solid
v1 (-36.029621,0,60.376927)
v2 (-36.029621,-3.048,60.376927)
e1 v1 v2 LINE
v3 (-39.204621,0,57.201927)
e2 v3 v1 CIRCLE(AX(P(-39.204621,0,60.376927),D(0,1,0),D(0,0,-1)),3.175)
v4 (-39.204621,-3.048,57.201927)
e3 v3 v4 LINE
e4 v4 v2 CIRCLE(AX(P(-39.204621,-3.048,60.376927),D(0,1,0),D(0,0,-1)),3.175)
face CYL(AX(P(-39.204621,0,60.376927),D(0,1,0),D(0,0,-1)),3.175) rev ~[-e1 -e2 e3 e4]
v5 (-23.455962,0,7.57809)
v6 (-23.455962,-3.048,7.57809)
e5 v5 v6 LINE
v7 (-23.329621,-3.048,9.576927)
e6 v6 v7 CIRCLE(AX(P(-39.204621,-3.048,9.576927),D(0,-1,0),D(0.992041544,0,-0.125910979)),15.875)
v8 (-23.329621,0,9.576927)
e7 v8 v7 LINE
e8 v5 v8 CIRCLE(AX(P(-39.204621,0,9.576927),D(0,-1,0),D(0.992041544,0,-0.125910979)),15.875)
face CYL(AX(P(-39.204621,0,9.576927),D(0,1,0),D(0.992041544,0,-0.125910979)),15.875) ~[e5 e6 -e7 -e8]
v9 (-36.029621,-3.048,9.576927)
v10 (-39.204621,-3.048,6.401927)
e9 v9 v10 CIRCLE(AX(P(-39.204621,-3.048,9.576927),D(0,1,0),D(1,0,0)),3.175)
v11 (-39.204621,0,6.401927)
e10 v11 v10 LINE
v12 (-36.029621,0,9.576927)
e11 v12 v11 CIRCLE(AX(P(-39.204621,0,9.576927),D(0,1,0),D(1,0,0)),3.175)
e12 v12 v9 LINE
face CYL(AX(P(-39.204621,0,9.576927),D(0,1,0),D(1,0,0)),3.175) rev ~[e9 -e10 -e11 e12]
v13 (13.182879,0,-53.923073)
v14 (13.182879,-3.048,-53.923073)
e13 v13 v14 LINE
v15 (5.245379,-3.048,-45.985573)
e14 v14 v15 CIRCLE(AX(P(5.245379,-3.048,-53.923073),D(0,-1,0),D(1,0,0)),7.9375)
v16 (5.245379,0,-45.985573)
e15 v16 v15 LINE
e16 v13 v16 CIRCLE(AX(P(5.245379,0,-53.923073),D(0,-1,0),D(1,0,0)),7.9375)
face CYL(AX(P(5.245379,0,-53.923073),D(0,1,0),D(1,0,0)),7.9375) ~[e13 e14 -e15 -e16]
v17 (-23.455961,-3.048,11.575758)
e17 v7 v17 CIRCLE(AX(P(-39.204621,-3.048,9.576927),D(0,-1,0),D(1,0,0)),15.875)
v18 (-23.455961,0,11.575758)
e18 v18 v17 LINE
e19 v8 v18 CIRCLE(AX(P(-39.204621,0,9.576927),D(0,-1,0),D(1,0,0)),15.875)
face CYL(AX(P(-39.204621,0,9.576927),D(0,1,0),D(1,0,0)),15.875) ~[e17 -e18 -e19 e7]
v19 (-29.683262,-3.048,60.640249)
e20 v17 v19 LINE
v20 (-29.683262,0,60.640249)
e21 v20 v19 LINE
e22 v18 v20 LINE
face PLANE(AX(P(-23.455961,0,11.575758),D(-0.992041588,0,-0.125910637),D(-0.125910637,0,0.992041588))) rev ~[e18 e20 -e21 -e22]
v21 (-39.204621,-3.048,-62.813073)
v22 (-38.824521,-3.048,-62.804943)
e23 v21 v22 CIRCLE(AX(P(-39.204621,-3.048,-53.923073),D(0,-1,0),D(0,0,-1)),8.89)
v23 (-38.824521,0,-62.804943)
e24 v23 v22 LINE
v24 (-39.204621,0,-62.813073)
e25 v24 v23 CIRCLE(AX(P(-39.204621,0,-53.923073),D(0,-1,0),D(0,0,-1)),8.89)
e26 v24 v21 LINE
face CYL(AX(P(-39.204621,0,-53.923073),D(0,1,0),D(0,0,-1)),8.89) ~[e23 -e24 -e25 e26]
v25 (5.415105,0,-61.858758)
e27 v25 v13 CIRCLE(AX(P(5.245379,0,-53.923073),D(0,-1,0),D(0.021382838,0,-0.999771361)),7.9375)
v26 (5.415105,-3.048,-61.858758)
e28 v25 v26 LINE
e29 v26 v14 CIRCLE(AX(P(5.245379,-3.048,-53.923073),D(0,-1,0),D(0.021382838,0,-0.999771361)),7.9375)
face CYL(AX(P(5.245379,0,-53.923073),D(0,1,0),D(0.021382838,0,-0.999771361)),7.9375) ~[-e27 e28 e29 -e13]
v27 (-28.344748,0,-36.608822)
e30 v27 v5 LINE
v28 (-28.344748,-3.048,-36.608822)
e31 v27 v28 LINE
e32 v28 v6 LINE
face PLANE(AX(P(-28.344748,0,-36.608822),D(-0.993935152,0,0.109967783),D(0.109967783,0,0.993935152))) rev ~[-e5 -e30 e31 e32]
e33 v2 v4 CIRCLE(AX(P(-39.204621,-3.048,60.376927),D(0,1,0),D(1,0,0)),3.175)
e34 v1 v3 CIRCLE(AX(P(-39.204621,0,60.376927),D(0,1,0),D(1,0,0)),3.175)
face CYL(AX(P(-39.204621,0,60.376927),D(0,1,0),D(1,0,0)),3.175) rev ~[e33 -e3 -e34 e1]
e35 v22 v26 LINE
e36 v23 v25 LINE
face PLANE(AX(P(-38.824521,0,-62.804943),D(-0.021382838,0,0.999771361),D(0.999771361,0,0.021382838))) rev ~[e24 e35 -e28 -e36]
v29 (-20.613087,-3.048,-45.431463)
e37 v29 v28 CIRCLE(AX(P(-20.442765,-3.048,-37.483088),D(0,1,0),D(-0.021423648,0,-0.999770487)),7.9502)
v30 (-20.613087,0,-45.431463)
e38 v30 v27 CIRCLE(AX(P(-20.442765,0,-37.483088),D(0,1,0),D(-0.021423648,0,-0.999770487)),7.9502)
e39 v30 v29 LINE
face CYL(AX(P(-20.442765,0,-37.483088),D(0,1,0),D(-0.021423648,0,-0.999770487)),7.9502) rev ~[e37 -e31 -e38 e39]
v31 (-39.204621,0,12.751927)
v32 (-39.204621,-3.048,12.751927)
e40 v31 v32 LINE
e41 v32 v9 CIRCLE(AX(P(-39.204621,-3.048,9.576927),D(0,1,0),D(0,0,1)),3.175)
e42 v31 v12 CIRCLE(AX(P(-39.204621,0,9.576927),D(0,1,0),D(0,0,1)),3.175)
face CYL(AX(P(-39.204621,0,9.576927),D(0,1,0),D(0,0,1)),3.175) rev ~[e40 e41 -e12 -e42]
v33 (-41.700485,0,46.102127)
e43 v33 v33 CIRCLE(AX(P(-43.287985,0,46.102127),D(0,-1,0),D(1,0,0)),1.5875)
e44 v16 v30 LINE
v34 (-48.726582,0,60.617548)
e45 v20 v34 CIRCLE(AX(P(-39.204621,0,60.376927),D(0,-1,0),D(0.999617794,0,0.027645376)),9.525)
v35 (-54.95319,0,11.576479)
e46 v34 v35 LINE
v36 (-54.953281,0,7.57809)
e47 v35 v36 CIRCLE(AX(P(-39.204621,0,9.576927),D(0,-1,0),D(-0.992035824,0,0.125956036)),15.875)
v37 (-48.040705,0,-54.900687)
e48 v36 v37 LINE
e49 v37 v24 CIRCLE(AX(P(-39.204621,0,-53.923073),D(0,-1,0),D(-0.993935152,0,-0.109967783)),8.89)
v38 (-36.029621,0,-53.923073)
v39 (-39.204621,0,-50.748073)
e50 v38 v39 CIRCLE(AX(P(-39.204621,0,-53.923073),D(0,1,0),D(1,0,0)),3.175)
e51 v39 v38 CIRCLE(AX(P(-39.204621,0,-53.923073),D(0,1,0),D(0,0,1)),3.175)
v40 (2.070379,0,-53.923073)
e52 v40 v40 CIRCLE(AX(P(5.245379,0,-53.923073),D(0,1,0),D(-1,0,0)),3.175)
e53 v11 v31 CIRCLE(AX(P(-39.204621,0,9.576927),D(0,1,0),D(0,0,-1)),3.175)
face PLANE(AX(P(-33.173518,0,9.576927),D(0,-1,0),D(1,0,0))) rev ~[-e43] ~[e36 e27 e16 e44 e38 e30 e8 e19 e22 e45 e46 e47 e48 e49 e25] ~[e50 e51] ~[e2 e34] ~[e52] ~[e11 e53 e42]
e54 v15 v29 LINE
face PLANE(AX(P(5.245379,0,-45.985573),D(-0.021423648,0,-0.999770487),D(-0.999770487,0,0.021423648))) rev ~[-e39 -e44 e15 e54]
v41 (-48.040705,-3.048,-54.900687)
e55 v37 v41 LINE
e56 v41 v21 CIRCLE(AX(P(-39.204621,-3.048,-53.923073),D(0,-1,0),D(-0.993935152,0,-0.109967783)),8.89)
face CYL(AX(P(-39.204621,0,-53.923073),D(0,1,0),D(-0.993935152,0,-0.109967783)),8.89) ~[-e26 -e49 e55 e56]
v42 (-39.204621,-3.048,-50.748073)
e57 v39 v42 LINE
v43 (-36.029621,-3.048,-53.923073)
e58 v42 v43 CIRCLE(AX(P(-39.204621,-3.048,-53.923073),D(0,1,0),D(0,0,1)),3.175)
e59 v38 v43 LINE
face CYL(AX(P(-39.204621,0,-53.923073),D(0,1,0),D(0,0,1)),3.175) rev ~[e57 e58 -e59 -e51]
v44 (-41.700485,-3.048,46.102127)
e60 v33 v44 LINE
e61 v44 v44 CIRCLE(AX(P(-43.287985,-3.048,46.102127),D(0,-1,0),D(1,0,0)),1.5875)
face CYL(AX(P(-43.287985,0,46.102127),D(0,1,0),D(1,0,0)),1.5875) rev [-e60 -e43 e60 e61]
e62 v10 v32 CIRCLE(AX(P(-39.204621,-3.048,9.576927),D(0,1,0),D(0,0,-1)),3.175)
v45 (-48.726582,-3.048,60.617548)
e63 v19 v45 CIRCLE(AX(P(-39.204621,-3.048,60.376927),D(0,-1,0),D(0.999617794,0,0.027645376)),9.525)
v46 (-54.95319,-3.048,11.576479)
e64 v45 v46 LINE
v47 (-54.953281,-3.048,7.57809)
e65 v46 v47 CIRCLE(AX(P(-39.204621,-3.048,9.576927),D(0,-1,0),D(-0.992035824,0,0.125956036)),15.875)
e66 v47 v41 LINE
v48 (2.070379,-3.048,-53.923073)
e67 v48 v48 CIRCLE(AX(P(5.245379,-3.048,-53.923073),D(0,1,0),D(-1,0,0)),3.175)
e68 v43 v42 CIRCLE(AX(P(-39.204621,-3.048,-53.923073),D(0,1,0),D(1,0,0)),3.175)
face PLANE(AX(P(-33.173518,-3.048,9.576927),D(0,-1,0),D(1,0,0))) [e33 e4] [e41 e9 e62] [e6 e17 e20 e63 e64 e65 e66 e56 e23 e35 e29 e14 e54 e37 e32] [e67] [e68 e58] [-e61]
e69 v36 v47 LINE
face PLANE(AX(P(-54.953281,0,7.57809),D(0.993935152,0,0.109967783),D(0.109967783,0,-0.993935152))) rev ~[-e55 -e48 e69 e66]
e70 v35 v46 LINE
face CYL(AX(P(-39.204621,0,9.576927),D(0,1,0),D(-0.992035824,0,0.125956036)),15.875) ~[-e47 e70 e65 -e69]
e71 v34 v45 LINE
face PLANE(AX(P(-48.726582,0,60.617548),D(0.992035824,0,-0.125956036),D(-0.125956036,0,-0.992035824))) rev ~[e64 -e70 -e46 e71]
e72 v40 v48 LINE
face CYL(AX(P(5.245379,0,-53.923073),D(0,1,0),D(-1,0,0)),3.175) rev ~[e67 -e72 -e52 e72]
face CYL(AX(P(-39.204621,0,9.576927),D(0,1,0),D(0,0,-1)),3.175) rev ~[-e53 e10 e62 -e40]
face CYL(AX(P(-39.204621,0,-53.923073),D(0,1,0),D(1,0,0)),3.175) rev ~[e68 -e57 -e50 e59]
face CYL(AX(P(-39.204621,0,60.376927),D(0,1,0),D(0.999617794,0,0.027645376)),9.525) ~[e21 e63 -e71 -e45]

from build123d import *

# Parameters (mm, degrees)
F0_R     = 1.5875
F1_DEPTH = 3.048


with BuildPart() as f1:
    # F0 (on Front) → F1 (new body)
    with BuildSketch(Plane.XZ):
        with BuildLine():
            ThreePointArc((-36.0296212806, 9.5769268066), (-36.9595572504, 7.3318627763), (-39.2046212806, 6.4019268066))
            Line((-39.2046212806, 6.4019268066), (-39.2046212806, -6.2980731934))
            ThreePointArc((-39.2046212806, -6.2980731934), (-28.7097632336, -2.3341428168), (-23.4559617675, 7.57809001))
            ThreePointArc((-23.4559617675, 7.57809001), (-23.3612378861, 8.5755139973), (-23.3296212806, 9.5769268066))
            ThreePointArc((-23.3296212806, 9.5769268066), (-23.3612377133, 10.5783368816), (-23.4559610776, 11.5757581675))
            ThreePointArc((-23.4559610776, 11.5757581675), (-28.7097611781, 21.4879946188), (-39.2046212806, 25.4519268066))
            Line((-39.2046212806, 25.4519268066), (-39.2046212806, 12.7519268066))
            ThreePointArc((-39.2046212806, 12.7519268066), (-36.9595572504, 11.8219908368), (-36.0296212806, 9.5769268066))
        make_face()
        with BuildLine():
            Line((-39.2046212806, -6.2980731934), (-39.2046212806, 6.4019268066))
            ThreePointArc((-39.2046212806, 6.4019268066), (-42.3796212806, 9.5769268066), (-39.2046212806, 12.7519268066))
            Line((-39.2046212806, 12.7519268066), (-39.2046212806, 25.4519268066))
            ThreePointArc((-39.2046212806, 25.4519268066), (-49.699208832, 21.4882347585), (-54.9531899929, 11.5764788854))
            ThreePointArc((-54.9531899929, 11.5764788854), (-55.0796212766, 9.5772873178), (-54.9532807938, 7.57809001))
            ThreePointArc((-54.9532807938, 7.57809001), (-49.6994793277, -2.3341428168), (-39.2046212806, -6.2980731934))
        make_face()
        with BuildLine():
            ThreePointArc((-23.4559617675, 7.57809001), (-28.7097632336, -2.3341428168), (-39.2046212806, -6.2980731934))
            Line((-39.2046212806, -6.2980731934), (-39.2046212806, -45.0330734444))
            ThreePointArc((-39.2046212806, -45.0330734444), (-32.9184421733, -47.6368940861), (-30.3146215316, -53.9230731934))
            Line((-30.3146215316, -53.9230731934), (-2.6921212806, -53.9230731934))
            ThreePointArc((-2.6921212806, -53.9230731934), (-0.3672813563, -48.3104131178), (5.2453787194, -45.9855731934))
            Line((5.2453787194, -45.9855731934), (-20.6130872987, -45.4314633533))
            ThreePointArc((-20.6130872987, -45.4314633533), (-26.4219186802, -42.7228782392), (-28.3447482622, -36.6088221602))
            Line((-28.3447482622, -36.6088221602), (-23.4559617675, 7.57809001))
        make_face()
        with BuildLine():
            Line((-39.2046212806, -45.0330734444), (-39.2046212806, -6.2980731934))
            ThreePointArc((-39.2046212806, -6.2980731934), (-49.6994793277, -2.3341428168), (-54.9532807938, 7.57809001))
            Line((-54.9532807938, 7.57809001), (-48.0407045344, -54.9006867526))
            ThreePointArc((-48.0407045344, -54.9006867526), (-45.8274258163, -47.9925963474), (-39.2046212806, -45.0330734444))
        make_face()
        with BuildLine():
            Line((-39.2046212806, 50.8519268066), (-39.2046212806, 25.4519268066))
            ThreePointArc((-39.2046212806, 25.4519268066), (-28.7097611781, 21.4879946188), (-23.4559610776, 11.5757581675))
            Line((-23.4559610776, 11.5757581675), (-29.6832617971, 60.6402490134))
            ThreePointArc((-29.6832617971, 60.6402490134), (-29.6805314532, 60.5086004922), (-29.6796212806, 60.3769268066))
            ThreePointArc((-29.6796212806, 60.3769268066), (-32.4694291898, 53.6417347158), (-39.2046212806, 50.8519268066))
        make_face()
        with BuildLine():
            ThreePointArc((-54.9531899929, 11.5764788854), (-49.699208832, 21.4882347585), (-39.2046212806, 25.4519268066))
            Line((-39.2046212806, 25.4519268066), (-39.2046212806, 50.8519268066))
            ThreePointArc((-39.2046212806, 50.8519268066), (-46.0243552101, 53.7273513216), (-48.7265815015, 60.6175479864))
            Line((-48.7265815015, 60.6175479864), (-54.9531899929, 11.5764788854))
        make_face()
        with Locations((-43.2879850268, 46.1021268066)):
            Circle(F0_R, mode=Mode.SUBTRACT)
        with BuildLine():
            Line((-39.2046212806, -50.7480731934), (-39.2046212806, -45.0330734444))
            ThreePointArc((-39.2046212806, -45.0330734444), (-45.8274258163, -47.9925963474), (-48.0407045344, -54.9006867526))
            ThreePointArc((-48.0407045344, -54.9006867526), (-45.1350981267, -60.5458777291), (-39.2046212806, -62.8130729425))
            Line((-39.2046212806, -62.8130729425), (-38.8245213576, -62.8049434687))
            ThreePointArc((-38.8245213576, -62.8049434687), (-32.7854630898, -60.0733986856), (-30.3146215316, -53.9230731934))
            Line((-30.3146215316, -53.9230731934), (-36.0296212806, -53.9230731934))
            ThreePointArc((-36.0296212806, -53.9230731934), (-41.4496853109, -56.1681372237), (-39.2046212806, -50.7480731934))
        make_face()
        with BuildLine():
            ThreePointArc((-48.7265815015, 60.6175479864), (-46.0243552101, 53.7273513216), (-39.2046212806, 50.8519268066))
            ThreePointArc((-39.2046212806, 50.8519268066), (-32.4694291898, 53.6417347158), (-29.6796212806, 60.3769268066))
            ThreePointArc((-29.6796212806, 60.3769268066), (-29.6805314532, 60.5086004922), (-29.6832617971, 60.6402490134))
            ThreePointArc((-29.6832617971, 60.6402490134), (-39.2159757678, 69.9019200389), (-48.7265815015, 60.6175479864))
        make_face()
        with BuildLine():
            ThreePointArc((-36.0296212806, 60.3769268066), (-36.9595572504, 58.1318627763), (-39.2046212806, 57.2019268066))
            ThreePointArc((-39.2046212806, 57.2019268066), (-41.4496853109, 62.6219908368), (-36.0296212806, 60.3769268066))
        make_face(mode=Mode.SUBTRACT)
        with BuildLine():
            Line((-2.6921212806, -53.9230731934), (-30.3146215316, -53.9230731934))
            ThreePointArc((-30.3146215316, -53.9230731934), (-32.7854630898, -60.0733986856), (-38.8245213576, -62.8049434687))
            Line((-38.8245213576, -62.8049434687), (5.4151049958, -61.8587583712))
            ThreePointArc((5.4151049958, -61.8587583712), (-0.3069497981, -59.5954231725), (-2.6921212806, -53.9230731934))
        make_face()
        with BuildLine():
            ThreePointArc((5.2453787194, -45.9855731934), (-0.3672813563, -48.3104131178), (-2.6921212806, -53.9230731934))
            ThreePointArc((-2.6921212806, -53.9230731934), (-0.3069497981, -59.5954231725), (5.4151049958, -61.8587583712))
            ThreePointArc((5.4151049958, -61.8587583712), (10.9177286984, -59.4754017108), (13.1828787194, -53.9230731934))
            ThreePointArc((13.1828787194, -53.9230731934), (10.858038795, -48.3104131178), (5.2453787194, -45.9855731934))
        make_face()
        with BuildLine():
            ThreePointArc((8.4203787194, -53.9230731934), (5.2453787194, -57.0980731934), (2.0703787194, -53.9230731934))
            ThreePointArc((2.0703787194, -53.9230731934), (5.2453787194, -50.7480731934), (8.4203787194, -53.9230731934))
        make_face(mode=Mode.SUBTRACT)
        with BuildLine():
            ThreePointArc((-39.2046212806, -62.8130729425), (-39.0145278564, -62.8110403417), (-38.8245213576, -62.8049434687))
            Line((-38.8245213576, -62.8049434687), (-39.2046212806, -62.8130729425))
        make_face()
        with BuildLine():
            ThreePointArc((-30.3146215316, -53.9230731934), (-32.9184421733, -47.6368940861), (-39.2046212806, -45.0330734444))
            Line((-39.2046212806, -45.0330734444), (-39.2046212806, -50.7480731934))
            ThreePointArc((-39.2046212806, -50.7480731934), (-36.9595572504, -51.6780091632), (-36.0296212806, -53.9230731934))
            Line((-36.0296212806, -53.9230731934), (-30.3146215316, -53.9230731934))
        make_face()
    extrude(amount=F1_DEPTH)


solid = f1.part
